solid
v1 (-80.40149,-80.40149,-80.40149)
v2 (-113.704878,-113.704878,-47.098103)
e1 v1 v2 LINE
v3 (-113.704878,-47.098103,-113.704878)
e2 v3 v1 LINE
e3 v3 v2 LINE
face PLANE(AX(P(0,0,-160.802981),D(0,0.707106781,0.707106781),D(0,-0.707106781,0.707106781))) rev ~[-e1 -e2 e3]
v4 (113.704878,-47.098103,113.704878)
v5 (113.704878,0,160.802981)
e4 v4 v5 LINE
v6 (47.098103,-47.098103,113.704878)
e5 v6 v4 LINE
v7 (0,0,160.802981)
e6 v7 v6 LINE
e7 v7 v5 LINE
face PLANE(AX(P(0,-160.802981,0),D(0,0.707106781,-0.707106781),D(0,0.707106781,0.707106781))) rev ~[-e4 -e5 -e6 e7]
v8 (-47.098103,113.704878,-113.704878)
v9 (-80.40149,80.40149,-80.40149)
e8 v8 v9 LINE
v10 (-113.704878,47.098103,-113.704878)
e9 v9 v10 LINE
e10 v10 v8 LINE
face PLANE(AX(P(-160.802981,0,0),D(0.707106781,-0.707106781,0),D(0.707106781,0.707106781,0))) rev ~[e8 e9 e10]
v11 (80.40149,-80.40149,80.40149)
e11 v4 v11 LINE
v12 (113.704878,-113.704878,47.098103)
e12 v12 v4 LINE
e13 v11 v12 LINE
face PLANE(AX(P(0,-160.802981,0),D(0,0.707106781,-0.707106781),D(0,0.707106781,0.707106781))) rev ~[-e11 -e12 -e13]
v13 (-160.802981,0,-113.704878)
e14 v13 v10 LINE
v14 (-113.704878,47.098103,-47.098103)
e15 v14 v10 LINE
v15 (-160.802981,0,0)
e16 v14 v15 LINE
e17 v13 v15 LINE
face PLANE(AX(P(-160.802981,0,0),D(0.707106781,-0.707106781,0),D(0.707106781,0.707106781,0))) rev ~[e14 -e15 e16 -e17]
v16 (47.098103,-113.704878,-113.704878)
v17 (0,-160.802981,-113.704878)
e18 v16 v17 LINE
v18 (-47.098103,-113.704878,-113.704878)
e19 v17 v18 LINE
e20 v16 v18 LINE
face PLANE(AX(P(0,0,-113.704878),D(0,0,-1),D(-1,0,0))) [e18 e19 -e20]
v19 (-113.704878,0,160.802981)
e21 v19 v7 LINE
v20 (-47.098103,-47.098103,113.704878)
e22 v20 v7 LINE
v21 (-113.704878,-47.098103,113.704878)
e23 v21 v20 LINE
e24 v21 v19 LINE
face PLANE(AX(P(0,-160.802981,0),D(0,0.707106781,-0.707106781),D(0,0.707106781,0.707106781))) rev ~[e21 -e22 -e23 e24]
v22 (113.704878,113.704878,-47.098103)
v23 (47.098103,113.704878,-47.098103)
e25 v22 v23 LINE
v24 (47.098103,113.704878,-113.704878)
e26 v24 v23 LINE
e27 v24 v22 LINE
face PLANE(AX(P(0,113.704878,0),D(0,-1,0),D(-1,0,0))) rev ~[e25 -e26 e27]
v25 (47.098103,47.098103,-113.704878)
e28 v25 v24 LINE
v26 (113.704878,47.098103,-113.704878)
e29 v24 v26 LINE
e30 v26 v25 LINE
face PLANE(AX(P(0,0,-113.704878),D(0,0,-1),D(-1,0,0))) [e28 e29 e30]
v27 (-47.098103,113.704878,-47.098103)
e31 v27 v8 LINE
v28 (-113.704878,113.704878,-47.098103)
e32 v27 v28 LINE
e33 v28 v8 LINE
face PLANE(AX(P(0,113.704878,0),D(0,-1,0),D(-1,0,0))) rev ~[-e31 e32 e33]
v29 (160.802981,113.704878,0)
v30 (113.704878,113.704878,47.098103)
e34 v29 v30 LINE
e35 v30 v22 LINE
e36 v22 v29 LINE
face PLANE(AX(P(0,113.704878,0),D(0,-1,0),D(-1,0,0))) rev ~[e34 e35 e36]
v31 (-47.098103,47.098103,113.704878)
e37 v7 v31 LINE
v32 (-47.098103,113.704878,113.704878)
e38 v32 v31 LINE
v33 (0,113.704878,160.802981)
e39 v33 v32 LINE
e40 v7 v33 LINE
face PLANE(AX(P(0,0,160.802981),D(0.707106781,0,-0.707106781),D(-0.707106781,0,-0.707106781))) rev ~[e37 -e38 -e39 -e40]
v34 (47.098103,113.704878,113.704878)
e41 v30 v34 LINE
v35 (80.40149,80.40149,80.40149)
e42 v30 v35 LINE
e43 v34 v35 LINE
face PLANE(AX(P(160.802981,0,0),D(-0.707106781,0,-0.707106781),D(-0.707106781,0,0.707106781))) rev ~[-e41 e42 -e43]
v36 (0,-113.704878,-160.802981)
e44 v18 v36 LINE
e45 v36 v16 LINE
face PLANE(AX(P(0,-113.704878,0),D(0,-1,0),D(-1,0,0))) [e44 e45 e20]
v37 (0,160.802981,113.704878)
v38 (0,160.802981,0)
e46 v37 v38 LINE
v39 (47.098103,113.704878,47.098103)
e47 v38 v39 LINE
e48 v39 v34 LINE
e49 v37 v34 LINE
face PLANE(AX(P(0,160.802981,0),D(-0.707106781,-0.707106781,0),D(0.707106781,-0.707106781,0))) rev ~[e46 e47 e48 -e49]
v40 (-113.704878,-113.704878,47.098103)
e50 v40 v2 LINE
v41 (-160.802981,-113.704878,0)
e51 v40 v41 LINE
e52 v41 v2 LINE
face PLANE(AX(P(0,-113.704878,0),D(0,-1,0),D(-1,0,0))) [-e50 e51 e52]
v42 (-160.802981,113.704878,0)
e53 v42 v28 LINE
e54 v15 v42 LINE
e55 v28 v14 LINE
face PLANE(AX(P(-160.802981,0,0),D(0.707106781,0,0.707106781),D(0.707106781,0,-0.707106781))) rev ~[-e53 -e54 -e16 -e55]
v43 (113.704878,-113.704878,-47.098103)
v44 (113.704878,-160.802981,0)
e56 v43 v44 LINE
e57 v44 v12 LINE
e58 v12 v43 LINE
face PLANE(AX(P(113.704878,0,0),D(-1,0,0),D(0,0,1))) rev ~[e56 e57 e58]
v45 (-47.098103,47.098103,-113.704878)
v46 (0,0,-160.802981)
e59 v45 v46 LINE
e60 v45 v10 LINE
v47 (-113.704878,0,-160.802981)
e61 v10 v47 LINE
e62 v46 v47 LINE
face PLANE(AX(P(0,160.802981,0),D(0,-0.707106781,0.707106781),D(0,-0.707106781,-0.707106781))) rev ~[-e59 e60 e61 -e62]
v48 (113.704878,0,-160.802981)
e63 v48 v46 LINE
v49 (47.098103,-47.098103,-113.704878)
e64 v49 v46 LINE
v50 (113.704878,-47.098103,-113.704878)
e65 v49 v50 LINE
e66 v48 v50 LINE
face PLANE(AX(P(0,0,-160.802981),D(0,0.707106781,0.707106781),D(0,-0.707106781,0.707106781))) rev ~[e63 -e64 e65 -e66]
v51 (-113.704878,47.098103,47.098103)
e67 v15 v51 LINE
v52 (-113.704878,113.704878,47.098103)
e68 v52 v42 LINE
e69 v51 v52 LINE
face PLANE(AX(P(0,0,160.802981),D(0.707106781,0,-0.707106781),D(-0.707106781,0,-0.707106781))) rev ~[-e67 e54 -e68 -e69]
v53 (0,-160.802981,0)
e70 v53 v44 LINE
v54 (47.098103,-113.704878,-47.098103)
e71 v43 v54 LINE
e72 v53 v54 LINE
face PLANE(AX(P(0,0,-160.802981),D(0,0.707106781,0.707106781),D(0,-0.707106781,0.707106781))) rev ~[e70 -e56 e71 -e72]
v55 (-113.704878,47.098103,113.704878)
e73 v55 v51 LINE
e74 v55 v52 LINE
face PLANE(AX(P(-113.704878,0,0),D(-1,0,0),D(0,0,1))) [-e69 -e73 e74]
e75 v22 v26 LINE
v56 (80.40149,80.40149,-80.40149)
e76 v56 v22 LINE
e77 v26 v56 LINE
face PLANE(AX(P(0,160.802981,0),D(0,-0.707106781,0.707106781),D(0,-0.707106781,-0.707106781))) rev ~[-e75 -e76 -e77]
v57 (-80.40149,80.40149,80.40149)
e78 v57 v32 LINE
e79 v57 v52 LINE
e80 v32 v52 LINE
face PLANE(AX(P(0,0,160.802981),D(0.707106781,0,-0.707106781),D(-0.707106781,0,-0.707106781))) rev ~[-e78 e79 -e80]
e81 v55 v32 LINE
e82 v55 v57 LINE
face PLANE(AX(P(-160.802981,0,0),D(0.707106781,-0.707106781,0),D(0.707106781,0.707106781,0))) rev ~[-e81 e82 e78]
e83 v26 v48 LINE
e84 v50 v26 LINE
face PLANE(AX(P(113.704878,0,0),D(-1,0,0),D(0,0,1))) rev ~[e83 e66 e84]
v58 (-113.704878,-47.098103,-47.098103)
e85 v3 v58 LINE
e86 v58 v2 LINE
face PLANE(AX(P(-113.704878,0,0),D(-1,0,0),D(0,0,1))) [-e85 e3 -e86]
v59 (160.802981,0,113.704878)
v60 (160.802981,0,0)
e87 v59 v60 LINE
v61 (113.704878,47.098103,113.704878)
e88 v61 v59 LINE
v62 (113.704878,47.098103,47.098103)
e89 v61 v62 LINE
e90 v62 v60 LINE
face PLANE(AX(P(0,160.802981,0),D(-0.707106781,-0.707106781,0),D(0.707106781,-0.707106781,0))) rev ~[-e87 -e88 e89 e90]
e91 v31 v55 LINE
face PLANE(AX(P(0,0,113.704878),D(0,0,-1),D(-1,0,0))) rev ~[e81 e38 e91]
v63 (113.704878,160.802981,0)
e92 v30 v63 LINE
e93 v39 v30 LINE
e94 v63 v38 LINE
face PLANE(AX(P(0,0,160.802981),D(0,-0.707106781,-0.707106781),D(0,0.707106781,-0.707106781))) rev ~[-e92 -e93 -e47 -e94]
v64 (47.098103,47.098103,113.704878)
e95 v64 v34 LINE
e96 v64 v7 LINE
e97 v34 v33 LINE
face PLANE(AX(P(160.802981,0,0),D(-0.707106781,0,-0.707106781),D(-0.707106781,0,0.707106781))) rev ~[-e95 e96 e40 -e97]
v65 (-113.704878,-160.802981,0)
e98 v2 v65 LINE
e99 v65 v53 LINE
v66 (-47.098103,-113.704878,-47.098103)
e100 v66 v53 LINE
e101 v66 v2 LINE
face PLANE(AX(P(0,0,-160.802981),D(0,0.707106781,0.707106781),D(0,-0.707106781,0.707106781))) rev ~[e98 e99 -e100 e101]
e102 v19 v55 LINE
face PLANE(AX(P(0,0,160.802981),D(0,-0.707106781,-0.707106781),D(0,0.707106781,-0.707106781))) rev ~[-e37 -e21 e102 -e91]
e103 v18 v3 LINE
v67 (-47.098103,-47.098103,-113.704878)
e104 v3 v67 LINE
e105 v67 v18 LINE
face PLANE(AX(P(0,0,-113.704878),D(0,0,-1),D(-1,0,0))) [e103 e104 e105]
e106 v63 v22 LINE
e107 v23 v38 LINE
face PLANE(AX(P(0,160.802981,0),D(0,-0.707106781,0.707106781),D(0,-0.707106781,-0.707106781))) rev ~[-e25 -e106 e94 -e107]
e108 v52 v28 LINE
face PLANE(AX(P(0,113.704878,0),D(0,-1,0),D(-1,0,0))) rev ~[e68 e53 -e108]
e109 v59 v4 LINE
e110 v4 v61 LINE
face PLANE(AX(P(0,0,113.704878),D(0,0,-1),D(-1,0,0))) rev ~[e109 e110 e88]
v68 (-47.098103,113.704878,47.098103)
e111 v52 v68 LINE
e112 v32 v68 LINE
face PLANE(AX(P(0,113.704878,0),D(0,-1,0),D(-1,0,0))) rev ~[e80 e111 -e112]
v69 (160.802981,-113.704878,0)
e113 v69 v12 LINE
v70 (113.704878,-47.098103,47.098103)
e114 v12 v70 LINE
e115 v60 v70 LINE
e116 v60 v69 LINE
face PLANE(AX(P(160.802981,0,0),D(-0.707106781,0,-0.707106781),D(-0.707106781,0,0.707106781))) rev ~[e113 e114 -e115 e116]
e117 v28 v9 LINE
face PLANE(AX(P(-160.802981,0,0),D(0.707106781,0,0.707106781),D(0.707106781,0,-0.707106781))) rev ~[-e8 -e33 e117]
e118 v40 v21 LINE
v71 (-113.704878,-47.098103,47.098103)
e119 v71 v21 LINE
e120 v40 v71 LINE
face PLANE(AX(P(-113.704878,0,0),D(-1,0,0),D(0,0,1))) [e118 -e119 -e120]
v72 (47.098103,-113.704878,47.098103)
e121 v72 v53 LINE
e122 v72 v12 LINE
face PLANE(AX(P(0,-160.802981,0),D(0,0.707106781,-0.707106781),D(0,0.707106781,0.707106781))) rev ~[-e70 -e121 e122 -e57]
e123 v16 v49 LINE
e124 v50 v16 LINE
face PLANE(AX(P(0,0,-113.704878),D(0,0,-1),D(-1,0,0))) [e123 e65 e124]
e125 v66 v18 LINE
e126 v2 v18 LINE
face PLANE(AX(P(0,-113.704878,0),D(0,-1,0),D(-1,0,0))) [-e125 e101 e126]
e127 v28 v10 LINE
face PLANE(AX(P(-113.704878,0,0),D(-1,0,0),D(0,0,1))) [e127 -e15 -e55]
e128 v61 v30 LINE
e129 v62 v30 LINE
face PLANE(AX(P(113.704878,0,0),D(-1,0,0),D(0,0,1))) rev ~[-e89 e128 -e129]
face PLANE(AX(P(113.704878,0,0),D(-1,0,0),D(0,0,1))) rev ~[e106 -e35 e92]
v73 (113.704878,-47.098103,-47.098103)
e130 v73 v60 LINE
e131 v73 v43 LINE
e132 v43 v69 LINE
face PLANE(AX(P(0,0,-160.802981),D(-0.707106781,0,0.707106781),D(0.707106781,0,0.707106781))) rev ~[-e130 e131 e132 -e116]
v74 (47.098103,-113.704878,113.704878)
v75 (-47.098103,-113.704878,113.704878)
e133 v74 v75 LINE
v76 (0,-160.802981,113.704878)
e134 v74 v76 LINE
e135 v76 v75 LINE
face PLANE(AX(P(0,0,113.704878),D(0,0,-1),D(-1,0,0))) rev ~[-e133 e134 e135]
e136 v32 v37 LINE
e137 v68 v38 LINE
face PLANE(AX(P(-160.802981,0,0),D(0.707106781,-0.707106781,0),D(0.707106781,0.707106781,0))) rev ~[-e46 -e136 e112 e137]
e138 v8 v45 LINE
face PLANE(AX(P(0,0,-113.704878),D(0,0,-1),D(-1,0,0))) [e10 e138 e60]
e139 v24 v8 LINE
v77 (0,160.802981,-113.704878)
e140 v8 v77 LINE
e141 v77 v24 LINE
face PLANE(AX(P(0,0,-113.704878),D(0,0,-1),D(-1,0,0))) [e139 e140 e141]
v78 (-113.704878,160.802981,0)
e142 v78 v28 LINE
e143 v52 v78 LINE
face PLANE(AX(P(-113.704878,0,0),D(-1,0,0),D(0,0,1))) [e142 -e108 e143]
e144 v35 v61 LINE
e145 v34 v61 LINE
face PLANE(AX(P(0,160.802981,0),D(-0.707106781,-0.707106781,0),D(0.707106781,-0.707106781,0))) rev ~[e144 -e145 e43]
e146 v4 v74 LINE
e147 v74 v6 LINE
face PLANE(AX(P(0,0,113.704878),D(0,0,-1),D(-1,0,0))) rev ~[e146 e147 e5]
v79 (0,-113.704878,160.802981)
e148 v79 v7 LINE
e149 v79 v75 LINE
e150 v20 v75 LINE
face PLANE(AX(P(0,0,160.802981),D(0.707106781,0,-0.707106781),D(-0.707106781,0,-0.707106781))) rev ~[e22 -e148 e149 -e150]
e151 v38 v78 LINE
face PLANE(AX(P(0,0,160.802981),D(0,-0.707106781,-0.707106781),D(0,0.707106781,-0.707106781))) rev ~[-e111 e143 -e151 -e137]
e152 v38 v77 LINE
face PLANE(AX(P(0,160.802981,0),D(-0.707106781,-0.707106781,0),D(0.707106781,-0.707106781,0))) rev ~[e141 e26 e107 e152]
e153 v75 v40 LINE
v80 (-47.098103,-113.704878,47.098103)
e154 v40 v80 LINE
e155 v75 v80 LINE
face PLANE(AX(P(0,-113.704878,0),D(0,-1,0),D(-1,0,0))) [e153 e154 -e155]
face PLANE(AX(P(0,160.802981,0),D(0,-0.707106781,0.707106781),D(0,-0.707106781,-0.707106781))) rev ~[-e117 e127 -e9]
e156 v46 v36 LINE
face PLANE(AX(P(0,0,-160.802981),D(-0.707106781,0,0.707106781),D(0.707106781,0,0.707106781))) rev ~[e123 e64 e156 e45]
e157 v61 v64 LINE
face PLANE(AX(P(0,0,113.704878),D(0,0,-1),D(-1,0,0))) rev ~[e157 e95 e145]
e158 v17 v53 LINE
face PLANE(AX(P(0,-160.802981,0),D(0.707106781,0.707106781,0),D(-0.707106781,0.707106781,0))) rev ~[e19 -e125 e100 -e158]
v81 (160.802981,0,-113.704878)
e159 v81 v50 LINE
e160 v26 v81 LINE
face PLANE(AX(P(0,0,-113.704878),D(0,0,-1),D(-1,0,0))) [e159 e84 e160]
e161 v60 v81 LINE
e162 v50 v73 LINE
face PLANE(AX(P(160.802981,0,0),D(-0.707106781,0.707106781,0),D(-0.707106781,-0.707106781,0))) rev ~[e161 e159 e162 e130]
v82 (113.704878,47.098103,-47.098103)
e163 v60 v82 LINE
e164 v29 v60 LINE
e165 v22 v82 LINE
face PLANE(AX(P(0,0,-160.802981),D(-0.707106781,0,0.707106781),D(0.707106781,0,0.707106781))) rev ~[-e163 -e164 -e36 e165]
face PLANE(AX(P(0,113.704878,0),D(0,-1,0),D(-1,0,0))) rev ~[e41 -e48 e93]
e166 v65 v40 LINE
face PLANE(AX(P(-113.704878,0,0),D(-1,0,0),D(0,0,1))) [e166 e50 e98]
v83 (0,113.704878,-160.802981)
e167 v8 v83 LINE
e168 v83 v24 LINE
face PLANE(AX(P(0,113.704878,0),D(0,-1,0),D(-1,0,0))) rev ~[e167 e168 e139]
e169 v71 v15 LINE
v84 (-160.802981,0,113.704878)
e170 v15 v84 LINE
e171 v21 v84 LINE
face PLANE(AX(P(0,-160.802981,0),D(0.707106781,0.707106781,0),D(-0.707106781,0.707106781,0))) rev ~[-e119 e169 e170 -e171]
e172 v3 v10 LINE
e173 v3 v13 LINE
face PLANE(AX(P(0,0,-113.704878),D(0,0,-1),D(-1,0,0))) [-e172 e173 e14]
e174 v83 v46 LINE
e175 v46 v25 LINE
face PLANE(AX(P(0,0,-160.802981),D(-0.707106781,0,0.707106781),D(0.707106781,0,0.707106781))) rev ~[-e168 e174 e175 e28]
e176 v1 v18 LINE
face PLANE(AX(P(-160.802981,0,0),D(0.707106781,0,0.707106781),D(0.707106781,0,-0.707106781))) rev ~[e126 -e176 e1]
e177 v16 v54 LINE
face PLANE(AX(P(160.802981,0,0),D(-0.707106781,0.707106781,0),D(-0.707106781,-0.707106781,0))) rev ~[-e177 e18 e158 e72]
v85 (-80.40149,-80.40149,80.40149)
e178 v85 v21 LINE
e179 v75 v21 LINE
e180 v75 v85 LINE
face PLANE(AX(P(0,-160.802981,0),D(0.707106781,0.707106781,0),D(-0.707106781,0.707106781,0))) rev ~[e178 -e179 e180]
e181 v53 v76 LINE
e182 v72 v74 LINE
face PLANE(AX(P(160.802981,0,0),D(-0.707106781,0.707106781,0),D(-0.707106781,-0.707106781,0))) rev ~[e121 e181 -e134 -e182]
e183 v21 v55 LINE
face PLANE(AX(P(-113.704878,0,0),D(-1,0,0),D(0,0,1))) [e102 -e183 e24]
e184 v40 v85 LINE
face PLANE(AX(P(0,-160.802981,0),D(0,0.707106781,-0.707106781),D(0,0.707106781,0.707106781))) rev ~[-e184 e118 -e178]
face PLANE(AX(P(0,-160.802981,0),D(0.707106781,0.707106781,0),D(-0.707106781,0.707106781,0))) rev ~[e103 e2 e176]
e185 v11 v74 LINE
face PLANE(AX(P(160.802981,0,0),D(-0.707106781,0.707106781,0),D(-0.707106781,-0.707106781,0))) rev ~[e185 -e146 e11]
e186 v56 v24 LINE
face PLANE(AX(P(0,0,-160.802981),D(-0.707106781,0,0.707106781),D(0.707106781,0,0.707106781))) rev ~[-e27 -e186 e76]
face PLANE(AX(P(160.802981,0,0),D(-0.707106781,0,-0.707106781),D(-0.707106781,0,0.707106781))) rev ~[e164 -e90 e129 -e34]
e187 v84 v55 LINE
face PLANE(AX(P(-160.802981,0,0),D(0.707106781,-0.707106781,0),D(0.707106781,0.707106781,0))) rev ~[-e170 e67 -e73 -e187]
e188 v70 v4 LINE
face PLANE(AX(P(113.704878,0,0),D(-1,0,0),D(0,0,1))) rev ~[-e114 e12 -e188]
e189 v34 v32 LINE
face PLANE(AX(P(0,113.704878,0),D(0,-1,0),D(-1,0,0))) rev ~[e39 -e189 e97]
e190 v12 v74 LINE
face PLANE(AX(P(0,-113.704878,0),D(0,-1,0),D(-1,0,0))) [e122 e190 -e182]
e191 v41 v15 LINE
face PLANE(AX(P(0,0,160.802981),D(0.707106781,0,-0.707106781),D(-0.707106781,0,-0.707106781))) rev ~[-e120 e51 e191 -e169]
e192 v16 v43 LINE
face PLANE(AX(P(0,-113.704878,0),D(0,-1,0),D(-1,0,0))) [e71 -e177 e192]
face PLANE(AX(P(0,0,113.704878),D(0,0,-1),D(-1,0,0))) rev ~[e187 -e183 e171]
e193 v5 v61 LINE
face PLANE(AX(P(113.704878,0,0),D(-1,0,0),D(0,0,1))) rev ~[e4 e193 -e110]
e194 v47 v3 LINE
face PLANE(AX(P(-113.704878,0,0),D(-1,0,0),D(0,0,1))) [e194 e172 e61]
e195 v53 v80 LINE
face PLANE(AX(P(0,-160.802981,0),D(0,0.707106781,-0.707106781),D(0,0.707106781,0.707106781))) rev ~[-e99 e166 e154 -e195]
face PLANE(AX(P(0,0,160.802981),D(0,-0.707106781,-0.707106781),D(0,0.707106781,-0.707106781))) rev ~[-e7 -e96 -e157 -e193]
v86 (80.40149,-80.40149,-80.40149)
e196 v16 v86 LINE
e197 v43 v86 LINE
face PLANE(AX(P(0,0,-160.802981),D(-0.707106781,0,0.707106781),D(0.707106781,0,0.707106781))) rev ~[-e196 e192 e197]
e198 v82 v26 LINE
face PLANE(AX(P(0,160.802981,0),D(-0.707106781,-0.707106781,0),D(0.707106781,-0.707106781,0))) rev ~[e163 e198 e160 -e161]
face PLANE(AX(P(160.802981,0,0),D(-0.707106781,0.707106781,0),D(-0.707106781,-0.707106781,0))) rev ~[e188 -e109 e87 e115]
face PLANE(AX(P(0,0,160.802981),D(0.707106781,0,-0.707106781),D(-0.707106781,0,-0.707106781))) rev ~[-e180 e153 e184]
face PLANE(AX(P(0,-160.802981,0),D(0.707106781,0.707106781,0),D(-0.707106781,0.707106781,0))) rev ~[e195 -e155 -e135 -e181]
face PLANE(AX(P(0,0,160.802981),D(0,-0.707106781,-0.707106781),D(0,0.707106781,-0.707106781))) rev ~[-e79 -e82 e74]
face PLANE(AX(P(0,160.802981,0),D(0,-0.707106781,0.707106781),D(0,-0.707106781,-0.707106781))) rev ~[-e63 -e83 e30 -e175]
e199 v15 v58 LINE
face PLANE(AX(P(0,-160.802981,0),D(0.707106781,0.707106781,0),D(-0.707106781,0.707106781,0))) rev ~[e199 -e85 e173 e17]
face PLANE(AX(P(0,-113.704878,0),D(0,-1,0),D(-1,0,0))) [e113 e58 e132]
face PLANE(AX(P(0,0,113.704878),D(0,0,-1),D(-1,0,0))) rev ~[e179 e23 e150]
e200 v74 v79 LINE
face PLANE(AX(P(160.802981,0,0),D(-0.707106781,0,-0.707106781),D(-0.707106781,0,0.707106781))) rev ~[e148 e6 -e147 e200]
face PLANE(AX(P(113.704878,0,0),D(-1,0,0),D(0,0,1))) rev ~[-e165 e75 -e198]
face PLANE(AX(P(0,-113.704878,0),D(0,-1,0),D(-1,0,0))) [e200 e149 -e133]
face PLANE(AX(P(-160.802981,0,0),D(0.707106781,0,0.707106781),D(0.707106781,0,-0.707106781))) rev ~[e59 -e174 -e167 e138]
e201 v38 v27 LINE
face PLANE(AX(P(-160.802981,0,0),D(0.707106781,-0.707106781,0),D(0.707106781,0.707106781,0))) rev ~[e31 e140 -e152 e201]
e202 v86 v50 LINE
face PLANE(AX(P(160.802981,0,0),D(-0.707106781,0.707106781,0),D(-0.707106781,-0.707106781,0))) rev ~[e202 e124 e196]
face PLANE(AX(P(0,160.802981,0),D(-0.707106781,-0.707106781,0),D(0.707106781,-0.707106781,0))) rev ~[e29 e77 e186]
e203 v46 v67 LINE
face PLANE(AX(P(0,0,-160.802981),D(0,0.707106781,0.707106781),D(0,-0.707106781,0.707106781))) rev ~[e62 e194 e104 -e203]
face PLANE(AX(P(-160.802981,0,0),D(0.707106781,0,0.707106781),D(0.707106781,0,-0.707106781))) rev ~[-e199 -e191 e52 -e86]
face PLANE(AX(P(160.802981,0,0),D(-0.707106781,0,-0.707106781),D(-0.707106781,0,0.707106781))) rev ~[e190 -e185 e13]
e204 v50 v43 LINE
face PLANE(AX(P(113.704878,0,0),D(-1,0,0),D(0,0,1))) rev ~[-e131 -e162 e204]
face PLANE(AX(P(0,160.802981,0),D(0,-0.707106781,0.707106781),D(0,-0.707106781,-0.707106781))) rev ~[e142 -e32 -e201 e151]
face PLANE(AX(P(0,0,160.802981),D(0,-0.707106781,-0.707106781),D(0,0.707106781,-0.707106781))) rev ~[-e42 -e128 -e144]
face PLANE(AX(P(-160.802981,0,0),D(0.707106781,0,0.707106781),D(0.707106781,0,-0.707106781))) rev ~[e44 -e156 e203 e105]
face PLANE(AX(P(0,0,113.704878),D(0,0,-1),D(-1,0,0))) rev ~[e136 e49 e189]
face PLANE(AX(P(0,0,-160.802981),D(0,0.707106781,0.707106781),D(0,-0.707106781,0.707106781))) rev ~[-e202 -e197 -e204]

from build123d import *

# Parameters (mm, degrees)
BOSS_EXTRUDE1_DEPTH = 113.704878
BOSS_EXTRUDE2_DEPTH = 113.704878
BOSS_EXTRUDE3_DEPTH = 113.704878


with BuildPart() as part:
    # Sketch3 → Boss-Extrude1 (new, symmetric)
    with BuildSketch(Plane.XY):
        Polygon((-160.802980576, 0), (0, 160.802980576), (160.802980576, 0), (0, -160.802980576), align=None)
    extrude(amount=BOSS_EXTRUDE1_DEPTH, both=True)

    # Sketch4 → Boss-Extrude2 (add, symmetric)
    with BuildSketch(Plane(origin=(0, 0, 0), x_dir=(1, 0, 0), z_dir=(0, 1, 0))):
        Polygon((-160.802980576, 0), (0, 160.802980576), (160.802980576, 0), (0, -160.802980576), align=None)
    extrude(amount=BOSS_EXTRUDE2_DEPTH, both=True)

    # Sketch5 → Boss-Extrude3 (add, symmetric)
    with BuildSketch(Plane(origin=(0, 0, 0), x_dir=(0, 0, -1), z_dir=(1, 0, 0))):
        Polygon((-160.802980576, 0), (0, 160.802980576), (160.802980576, 0), (0, -160.802980576), align=None)
    extrude(amount=BOSS_EXTRUDE3_DEPTH, both=True)


solid = part.part
